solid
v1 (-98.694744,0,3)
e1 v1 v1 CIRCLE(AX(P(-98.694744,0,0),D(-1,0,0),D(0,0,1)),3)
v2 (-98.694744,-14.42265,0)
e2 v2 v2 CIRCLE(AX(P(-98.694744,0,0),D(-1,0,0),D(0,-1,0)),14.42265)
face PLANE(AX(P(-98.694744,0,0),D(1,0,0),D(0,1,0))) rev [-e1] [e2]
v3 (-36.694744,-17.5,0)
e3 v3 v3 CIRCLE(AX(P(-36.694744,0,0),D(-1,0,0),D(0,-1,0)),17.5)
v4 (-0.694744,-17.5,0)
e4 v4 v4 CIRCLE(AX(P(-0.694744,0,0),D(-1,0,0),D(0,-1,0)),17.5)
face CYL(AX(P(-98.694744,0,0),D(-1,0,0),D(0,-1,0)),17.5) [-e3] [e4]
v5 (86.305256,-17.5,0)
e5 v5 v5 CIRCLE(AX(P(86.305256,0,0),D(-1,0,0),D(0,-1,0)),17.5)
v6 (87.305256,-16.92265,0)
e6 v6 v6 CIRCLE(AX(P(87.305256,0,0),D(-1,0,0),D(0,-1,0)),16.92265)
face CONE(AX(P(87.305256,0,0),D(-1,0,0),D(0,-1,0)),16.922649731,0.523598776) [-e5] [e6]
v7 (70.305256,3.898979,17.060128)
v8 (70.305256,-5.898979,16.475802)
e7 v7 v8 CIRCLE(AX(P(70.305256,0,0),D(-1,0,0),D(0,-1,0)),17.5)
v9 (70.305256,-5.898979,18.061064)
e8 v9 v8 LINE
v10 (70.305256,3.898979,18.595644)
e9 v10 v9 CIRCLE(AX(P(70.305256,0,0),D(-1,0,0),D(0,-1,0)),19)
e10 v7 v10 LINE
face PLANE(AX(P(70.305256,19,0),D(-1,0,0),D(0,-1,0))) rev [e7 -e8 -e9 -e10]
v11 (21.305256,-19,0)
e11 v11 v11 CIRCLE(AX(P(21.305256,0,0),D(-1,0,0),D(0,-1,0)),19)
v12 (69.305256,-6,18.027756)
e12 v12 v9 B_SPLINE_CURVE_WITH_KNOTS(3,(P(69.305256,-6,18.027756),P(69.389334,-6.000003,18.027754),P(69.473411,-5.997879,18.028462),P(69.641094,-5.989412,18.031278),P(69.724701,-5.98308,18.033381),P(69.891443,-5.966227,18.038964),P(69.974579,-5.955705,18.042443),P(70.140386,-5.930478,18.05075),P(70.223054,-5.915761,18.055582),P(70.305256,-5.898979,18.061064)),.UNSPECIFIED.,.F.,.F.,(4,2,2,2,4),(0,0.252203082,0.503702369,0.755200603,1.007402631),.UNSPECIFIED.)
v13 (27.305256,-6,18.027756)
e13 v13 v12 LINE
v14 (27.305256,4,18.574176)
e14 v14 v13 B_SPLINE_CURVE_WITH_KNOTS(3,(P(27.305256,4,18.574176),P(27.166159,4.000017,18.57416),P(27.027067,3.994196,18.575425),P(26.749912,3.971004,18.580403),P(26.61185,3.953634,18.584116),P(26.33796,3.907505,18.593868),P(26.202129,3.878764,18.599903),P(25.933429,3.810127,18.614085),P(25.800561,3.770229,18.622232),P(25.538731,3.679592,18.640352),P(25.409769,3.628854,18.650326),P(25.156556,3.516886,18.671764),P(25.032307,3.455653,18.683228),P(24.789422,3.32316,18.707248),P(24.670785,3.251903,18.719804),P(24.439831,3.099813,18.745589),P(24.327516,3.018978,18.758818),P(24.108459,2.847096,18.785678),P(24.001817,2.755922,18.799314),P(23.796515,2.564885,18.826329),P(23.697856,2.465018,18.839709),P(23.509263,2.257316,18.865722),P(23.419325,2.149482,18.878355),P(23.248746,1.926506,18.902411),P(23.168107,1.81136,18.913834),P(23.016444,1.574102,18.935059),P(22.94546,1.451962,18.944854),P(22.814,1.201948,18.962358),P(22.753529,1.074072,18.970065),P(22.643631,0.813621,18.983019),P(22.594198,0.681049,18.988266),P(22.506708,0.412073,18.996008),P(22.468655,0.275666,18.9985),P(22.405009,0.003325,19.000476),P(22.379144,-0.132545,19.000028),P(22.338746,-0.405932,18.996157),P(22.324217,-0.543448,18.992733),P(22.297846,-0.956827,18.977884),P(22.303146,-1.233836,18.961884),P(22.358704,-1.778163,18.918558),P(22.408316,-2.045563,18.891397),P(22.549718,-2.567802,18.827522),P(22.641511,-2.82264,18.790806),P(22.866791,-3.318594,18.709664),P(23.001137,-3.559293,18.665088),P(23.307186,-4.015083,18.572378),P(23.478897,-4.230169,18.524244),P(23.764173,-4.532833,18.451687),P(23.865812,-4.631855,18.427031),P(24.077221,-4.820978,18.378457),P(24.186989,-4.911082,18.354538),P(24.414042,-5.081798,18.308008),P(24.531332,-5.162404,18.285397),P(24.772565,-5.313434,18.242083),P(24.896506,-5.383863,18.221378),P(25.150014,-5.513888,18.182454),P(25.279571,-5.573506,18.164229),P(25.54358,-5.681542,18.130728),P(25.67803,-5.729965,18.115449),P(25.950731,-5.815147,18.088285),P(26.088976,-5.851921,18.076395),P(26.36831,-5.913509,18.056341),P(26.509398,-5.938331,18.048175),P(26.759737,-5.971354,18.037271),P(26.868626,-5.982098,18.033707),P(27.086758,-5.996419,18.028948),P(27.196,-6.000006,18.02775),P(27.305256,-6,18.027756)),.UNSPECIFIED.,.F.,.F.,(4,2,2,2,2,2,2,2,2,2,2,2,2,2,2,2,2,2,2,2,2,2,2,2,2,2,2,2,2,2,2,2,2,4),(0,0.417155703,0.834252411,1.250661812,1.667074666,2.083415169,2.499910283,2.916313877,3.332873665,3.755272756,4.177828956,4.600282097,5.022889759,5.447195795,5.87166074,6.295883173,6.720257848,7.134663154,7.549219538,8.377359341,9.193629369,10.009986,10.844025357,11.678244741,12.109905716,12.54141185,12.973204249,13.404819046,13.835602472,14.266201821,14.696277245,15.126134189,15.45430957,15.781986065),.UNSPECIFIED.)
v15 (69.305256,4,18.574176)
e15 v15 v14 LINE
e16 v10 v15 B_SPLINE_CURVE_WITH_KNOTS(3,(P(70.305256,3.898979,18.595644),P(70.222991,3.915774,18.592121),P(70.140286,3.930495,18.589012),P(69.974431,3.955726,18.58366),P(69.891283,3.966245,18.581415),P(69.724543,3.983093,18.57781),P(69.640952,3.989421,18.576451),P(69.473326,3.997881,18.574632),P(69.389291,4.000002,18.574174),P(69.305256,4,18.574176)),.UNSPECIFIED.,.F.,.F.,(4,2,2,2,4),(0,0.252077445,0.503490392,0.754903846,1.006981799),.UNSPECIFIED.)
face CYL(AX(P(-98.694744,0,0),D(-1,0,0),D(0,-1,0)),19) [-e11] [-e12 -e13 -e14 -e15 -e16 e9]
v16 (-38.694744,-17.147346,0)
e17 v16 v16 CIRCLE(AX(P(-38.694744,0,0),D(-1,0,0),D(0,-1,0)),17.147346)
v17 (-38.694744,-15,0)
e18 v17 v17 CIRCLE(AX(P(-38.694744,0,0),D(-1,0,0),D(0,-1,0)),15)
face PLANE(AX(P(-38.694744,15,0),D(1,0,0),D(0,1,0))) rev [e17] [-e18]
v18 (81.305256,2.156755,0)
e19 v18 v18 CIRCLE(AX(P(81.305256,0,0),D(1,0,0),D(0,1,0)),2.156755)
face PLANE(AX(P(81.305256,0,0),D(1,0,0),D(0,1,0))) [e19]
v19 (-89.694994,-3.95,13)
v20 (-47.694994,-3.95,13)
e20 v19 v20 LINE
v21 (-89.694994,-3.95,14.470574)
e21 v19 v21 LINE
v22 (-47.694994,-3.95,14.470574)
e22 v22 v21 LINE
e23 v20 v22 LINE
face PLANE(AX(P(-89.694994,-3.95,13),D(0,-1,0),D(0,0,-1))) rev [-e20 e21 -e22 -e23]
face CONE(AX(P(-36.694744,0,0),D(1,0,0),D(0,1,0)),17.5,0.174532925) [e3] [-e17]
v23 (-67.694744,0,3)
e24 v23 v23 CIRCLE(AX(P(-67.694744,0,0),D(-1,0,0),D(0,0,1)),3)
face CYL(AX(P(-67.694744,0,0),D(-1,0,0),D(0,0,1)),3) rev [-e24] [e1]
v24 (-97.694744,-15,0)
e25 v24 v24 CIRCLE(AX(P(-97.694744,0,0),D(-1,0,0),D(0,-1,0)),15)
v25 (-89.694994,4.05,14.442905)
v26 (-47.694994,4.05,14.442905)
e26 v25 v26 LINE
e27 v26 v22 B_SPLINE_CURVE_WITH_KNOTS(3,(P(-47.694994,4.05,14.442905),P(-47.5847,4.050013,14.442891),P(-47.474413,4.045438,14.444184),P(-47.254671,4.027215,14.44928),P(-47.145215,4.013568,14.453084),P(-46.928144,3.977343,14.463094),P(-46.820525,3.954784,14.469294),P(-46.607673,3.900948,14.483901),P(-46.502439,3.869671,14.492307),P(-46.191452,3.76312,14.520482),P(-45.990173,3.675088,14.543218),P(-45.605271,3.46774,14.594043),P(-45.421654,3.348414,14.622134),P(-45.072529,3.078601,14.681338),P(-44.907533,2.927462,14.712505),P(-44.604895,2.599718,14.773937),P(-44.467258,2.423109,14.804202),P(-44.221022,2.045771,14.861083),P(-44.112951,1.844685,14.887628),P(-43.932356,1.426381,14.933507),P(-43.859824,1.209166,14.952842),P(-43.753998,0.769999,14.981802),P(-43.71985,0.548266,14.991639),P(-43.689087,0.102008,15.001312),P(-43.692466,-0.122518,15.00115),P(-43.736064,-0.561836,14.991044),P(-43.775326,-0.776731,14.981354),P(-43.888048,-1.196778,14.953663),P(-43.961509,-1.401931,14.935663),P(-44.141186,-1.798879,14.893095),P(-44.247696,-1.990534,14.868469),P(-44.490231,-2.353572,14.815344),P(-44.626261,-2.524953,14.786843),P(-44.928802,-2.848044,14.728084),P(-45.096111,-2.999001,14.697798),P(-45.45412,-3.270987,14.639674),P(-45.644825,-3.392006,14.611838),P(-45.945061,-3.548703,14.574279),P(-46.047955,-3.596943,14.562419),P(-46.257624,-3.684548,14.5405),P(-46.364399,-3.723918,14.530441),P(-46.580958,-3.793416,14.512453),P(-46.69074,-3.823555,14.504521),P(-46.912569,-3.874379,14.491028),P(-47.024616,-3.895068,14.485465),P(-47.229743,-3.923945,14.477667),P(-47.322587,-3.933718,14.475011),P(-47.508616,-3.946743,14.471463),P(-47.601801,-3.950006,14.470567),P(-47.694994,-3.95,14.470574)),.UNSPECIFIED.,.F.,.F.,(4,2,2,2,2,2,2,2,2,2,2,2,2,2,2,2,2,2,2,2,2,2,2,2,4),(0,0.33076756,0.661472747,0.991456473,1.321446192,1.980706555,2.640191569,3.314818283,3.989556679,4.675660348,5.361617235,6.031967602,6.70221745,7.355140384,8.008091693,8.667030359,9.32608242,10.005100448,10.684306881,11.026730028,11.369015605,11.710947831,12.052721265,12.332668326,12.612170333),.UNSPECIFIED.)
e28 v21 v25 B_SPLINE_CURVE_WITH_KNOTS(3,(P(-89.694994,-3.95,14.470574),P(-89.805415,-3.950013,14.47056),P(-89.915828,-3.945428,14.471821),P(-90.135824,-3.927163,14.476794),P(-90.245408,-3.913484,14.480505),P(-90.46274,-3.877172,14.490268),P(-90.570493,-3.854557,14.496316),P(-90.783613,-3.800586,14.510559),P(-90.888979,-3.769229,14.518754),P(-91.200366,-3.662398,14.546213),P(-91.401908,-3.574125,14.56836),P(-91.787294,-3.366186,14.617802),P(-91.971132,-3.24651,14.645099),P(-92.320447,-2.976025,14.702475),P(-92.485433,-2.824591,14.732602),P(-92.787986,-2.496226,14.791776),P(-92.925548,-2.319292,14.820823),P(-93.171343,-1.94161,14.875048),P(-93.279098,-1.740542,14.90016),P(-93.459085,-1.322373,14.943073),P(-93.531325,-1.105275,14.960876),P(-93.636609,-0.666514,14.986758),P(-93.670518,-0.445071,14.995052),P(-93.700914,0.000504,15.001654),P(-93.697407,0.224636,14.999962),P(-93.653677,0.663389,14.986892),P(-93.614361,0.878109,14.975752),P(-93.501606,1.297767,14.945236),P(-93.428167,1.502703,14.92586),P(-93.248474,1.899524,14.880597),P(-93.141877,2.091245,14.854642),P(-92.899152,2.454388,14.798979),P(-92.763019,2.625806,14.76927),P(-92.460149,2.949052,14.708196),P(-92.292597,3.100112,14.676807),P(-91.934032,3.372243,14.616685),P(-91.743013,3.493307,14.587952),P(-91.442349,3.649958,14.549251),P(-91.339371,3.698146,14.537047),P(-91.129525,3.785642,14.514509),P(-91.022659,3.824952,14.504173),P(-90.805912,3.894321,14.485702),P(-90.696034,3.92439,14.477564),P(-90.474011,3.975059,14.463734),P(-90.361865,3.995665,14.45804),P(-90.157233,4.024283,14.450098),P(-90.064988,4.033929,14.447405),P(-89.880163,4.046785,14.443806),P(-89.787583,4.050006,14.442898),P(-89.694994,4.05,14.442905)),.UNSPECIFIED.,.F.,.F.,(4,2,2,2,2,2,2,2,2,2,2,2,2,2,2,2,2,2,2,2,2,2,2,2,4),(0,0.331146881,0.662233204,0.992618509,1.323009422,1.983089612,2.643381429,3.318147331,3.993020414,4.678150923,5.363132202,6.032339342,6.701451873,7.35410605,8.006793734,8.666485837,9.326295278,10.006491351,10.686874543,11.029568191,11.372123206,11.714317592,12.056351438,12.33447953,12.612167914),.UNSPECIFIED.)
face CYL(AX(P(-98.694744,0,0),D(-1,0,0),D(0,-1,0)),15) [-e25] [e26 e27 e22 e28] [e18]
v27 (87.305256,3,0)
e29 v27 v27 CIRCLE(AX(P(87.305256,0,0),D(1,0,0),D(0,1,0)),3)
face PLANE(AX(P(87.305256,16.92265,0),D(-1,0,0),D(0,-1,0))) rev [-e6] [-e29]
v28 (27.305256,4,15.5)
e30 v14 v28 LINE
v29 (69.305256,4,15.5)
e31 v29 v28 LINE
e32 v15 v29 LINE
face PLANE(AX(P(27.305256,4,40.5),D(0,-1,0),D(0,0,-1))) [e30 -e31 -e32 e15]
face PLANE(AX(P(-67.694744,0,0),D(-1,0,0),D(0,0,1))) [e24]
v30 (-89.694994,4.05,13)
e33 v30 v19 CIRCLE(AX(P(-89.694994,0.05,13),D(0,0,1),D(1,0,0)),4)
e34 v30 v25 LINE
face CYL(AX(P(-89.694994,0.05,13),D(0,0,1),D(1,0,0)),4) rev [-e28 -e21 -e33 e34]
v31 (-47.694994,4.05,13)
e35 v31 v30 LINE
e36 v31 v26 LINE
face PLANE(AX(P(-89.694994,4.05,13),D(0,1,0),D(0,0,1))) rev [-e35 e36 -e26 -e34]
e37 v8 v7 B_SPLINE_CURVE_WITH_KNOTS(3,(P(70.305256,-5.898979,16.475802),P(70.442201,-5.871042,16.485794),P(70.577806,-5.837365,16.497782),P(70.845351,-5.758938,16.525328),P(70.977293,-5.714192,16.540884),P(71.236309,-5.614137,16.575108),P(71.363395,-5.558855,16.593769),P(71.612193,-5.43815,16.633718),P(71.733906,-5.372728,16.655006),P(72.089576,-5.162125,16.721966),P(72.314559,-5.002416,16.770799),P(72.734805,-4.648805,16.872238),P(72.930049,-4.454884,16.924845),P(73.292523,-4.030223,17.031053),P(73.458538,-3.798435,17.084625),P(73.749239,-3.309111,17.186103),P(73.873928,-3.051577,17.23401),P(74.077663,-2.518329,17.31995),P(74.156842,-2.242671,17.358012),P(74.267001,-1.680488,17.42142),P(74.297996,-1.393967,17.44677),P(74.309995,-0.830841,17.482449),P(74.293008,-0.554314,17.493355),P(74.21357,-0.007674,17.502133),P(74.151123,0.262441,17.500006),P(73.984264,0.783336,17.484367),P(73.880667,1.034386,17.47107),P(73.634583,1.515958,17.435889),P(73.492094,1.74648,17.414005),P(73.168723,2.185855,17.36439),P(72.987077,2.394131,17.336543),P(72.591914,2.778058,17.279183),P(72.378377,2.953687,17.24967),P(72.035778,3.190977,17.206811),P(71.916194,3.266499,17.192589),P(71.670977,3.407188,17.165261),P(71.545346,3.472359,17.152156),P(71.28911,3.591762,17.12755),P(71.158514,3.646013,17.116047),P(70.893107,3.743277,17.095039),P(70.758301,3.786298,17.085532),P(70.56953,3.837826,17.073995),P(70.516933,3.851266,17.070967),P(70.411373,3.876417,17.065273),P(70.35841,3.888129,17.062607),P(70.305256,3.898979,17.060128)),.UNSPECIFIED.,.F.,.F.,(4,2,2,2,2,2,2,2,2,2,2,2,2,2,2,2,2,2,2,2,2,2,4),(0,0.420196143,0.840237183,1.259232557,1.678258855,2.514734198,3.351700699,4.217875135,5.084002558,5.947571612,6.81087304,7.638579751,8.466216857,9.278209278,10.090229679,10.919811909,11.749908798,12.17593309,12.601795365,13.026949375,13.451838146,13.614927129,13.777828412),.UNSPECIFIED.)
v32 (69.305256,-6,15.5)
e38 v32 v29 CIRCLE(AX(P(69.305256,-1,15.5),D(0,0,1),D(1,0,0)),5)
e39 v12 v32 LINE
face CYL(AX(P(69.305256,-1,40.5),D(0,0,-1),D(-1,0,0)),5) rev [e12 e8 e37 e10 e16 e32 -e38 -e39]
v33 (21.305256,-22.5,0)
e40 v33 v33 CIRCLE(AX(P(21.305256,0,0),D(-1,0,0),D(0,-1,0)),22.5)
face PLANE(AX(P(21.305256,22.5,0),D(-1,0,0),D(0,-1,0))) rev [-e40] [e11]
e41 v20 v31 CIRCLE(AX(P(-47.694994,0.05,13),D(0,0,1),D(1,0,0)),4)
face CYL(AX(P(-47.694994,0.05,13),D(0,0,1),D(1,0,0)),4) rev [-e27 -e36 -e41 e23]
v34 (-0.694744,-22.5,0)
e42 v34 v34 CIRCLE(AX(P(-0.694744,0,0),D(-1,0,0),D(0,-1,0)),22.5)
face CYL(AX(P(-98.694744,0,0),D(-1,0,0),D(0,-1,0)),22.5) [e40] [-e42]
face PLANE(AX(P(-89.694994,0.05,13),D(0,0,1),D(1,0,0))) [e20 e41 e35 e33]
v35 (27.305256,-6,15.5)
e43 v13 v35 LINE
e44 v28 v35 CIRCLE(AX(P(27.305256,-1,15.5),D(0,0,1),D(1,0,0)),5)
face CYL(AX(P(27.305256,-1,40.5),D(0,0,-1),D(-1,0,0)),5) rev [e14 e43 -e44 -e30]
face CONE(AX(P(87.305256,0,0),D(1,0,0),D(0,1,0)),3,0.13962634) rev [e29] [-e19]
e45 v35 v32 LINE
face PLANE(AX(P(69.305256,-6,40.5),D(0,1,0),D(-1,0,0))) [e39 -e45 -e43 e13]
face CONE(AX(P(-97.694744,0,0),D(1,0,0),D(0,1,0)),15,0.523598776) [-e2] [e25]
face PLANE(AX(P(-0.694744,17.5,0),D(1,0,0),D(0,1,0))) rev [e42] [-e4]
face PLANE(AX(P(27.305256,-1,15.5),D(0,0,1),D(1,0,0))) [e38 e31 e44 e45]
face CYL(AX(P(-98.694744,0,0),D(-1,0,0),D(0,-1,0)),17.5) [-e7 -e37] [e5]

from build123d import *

# Parameters (mm, degrees)
CUT_EXTRUDE1_START = 15
CUT_EXTRUDE1_DEPTH = 2
CUT_EXTRUDE2_START = 15.5
CUT_EXTRUDE2_DEPTH = 25
SKETCH5_R          = 3
CUT_EXTRUDE3_DEPTH = 31
SKETCH9_R          = 3
CUT_EXTRUDE4_DEPTH = 6
CUT_EXTRUDE4_DRAFT = -8


with BuildPart() as part:
    # Sketch1 → Revolve1 (revolve)
    with BuildSketch(Plane.XY, mode=Mode.PRIVATE) as revolve1_sk:
        Polygon((-98.694744318, 0), (87.305255682, 0), (87.305255682, 16.922649731), (86.305255682, 17.5), (70.305255682, 17.5), (70.305255682, 19), (21.305255682, 19), (21.305255682, 22.5), (-0.694744318, 22.5), (-0.694744318, 17.5), (-36.694744318, 17.5), (-38.694744318, 17.147346039), (-38.694744318, 15), (-97.694744318, 15), (-98.694744318, 14.422649731), align=None)
    revolve(revolve1_sk.sketch.rotate(Axis((-98.694744318, 0, 0), (1, 0, 0)), 180), axis=Axis((-98.694744318, 0, 0), (1, 0, 0)))

    # Sketch2 → Cut-Extrude1 (cut)
    with BuildSketch(Plane.XY.offset(CUT_EXTRUDE1_START)):
        with BuildLine():
            Line((-89.694994324, 4.05), (-47.694994324, 4.05))
            ThreePointArc((-47.694994324, 4.05), (-43.694994324, 0.05), (-47.694994324, -3.95))
            Line((-47.694994324, -3.95), (-89.694994324, -3.95))
            ThreePointArc((-89.694994324, -3.95), (-93.694994324, 0.05), (-89.694994324, 4.05))
        make_face()
    extrude(amount=-CUT_EXTRUDE1_DEPTH, mode=Mode.SUBTRACT)

    # Sketch3 → Cut-Extrude2 (cut)
    with BuildSketch(Plane.XY.offset(CUT_EXTRUDE2_START)):
        with BuildLine():
            Line((27.305255682, 4), (69.305255682, 4))
            ThreePointArc((69.305255682, 4), (74.305255682, -1), (69.305255682, -6))
            Line((69.305255682, -6), (27.305255682, -6))
            ThreePointArc((27.305255682, -6), (22.305255682, -1), (27.305255682, 4))
        make_face()
    extrude(amount=CUT_EXTRUDE2_DEPTH, mode=Mode.SUBTRACT)

    # Sketch5 → Cut-Extrude3 (cut)
    with BuildSketch(Plane.ZY.offset(98.694744318)):
        Circle(SKETCH5_R)
    extrude(amount=-CUT_EXTRUDE3_DEPTH, mode=Mode.SUBTRACT)


with BuildPart() as cut_extrude4_tool:
    # Sketch9 → Cut-Extrude4 (with draft: the straight prism first)
    with BuildSketch(Plane(origin=(87.305255682, 0, 0), x_dir=(0, 0, -1), z_dir=(1, 0, 0))):
        with Locations(Location((0, 0, 0), (0, 0, 180))):
            Circle(SKETCH9_R)
    extrude(amount=-CUT_EXTRUDE4_DEPTH)
    # Cut-Extrude4: the draft: its side faces are tilted about the plane it starts from
    cut_extrude4_sides = [cut_extrude4_tool.faces().sort_by_distance(p)[0] for p in [
        (84.305255682, 0, -3),
    ]]
    draft(cut_extrude4_sides, Plane(origin=(87.305255682, 0, 0), x_dir=(0, 0, -1), z_dir=(1, 0, 0)), CUT_EXTRUDE4_DRAFT)


with BuildPart() as part_1:
    add(part.part)

    # Cut-Extrude4: cut by cut_extrude4_tool
    add(cut_extrude4_tool.part, mode=Mode.SUBTRACT)


solid = part_1.part
